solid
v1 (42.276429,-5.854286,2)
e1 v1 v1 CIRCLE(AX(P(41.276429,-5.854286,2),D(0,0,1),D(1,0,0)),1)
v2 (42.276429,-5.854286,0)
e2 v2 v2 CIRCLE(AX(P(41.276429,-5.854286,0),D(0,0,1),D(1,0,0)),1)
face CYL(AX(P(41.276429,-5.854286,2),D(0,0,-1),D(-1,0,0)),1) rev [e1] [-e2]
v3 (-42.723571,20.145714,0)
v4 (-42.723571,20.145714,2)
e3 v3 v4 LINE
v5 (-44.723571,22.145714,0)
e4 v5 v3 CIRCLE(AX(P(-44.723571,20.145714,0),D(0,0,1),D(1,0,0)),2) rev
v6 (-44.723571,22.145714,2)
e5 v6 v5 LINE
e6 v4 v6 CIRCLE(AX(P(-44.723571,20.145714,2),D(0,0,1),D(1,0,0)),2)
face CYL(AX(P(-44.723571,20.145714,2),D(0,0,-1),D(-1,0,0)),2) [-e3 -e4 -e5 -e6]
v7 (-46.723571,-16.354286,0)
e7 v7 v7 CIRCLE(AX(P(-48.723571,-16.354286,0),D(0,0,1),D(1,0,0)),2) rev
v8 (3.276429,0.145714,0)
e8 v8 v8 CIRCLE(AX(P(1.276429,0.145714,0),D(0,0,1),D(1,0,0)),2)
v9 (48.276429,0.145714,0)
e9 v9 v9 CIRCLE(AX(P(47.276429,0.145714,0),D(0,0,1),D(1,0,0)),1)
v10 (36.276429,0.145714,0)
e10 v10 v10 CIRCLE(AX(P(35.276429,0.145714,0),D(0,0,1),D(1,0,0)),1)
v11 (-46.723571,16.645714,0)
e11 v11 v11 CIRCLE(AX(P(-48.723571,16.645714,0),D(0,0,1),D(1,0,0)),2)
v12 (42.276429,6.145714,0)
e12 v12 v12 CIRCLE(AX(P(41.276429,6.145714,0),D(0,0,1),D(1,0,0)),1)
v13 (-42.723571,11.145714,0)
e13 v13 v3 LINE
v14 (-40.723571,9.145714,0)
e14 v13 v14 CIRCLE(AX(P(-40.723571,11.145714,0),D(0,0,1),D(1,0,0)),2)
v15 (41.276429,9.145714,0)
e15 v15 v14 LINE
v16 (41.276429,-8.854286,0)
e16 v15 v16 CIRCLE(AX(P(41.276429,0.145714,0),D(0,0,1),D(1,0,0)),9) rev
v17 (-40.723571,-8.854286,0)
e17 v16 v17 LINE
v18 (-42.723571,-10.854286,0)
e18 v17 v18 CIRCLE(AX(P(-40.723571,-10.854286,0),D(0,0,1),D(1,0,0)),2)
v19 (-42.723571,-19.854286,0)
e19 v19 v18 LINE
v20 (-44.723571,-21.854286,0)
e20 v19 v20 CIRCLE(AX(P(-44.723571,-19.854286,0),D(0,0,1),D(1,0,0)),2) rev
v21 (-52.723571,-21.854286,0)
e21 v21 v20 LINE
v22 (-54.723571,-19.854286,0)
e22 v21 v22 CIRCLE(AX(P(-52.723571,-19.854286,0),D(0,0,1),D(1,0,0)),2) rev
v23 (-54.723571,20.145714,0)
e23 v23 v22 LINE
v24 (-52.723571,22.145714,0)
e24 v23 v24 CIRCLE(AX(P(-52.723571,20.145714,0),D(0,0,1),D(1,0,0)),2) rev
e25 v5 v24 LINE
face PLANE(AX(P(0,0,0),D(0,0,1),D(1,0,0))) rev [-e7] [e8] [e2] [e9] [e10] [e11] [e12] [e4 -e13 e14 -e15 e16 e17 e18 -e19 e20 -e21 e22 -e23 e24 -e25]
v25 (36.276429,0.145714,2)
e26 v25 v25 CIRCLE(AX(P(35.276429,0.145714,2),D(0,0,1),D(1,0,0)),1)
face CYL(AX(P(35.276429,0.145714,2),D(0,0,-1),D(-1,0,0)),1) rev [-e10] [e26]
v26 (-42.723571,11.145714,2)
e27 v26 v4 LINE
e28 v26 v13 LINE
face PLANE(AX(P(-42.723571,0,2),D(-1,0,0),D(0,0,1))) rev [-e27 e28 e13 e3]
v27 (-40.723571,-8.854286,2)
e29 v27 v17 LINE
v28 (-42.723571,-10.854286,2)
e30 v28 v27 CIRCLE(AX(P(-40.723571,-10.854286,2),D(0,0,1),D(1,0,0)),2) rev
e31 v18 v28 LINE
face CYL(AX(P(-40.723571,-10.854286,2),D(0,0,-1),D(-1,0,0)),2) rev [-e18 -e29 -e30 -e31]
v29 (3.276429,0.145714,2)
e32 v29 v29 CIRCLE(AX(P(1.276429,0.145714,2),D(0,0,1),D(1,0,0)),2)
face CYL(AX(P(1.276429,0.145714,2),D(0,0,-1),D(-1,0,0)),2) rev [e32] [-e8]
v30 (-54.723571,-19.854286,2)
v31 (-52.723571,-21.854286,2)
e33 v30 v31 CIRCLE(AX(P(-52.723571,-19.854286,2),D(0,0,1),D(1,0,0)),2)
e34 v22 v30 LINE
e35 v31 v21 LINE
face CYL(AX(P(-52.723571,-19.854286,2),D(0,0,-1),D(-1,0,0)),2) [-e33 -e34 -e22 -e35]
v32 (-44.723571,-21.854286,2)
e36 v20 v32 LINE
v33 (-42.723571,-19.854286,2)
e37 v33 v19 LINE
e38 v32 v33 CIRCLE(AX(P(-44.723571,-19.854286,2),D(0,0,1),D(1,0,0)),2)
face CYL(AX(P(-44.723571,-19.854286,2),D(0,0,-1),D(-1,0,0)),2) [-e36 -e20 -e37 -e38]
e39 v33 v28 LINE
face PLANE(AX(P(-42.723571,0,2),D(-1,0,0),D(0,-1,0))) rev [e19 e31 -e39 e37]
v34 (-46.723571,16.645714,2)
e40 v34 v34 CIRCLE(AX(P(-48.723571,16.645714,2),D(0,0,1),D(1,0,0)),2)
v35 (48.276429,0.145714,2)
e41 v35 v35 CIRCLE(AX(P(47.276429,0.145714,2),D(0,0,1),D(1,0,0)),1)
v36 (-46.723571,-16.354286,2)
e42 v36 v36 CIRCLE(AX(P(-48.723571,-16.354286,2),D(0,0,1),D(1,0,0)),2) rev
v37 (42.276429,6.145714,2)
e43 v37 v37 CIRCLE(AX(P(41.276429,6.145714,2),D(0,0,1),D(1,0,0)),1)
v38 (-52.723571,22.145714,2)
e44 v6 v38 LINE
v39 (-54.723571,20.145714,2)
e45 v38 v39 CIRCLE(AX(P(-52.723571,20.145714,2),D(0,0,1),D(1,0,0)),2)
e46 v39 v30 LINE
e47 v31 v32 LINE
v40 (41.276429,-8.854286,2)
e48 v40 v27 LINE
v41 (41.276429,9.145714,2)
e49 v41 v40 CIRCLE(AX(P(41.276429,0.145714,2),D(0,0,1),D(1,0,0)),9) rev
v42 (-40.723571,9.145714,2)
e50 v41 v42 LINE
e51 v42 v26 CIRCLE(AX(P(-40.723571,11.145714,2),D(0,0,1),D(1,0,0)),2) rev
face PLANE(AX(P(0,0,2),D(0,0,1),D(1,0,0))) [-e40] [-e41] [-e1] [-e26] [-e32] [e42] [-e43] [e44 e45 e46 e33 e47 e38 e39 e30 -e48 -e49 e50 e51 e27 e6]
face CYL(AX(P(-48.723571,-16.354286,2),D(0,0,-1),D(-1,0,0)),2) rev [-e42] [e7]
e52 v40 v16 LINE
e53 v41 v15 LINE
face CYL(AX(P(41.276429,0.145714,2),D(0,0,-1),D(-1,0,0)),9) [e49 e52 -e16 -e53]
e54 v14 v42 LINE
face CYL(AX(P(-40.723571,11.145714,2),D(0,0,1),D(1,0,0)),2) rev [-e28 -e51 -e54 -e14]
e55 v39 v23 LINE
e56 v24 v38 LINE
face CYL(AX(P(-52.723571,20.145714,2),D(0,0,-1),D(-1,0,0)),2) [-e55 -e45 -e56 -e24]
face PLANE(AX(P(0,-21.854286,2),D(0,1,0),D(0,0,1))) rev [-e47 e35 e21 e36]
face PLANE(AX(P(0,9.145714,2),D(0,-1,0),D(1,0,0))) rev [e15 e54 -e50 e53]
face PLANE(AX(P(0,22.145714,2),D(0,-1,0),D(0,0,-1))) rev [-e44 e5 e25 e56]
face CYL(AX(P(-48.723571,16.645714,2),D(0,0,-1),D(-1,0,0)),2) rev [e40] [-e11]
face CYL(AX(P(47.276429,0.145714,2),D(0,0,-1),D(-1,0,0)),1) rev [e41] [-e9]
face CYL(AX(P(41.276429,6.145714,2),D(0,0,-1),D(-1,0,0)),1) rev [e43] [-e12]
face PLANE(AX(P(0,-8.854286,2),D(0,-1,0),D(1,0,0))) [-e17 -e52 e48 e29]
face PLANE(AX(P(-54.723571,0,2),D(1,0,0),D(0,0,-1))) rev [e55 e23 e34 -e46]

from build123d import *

# Parameters (mm, degrees)
SKETCH_1_R      = 2
SKETCH_1_R_2    = 1
EXTRUDE_1_DEPTH = 2
FILLET_1_R      = 2


with BuildPart() as part:
    # 草图1 → 凸台-拉伸1 (new body)
    with BuildSketch(Plane.XY):
        with BuildLine():
            Line((41.276428571, -8.854285714), (-42.723571429, -8.854285714))
            Line((-42.723571429, -8.854285714), (-42.723571429, -21.854285714))
            Line((-42.723571429, -21.854285714), (-54.723571429, -21.854285714))
            Line((-54.723571429, -21.854285714), (-54.723571429, 22.145714286))
            Line((-54.723571429, 22.145714286), (-42.723571429, 22.145714286))
            Line((-42.723571429, 22.145714286), (-42.723571429, 9.145714286))
            Line((-42.723571429, 9.145714286), (41.276428571, 9.145714286))
            ThreePointArc((41.276428571, 9.145714286), (50.276428571, 0.145714286), (41.276428571, -8.854285714))
        make_face()
        with Locations((1.276428571, 0.145714286)):
            Circle(SKETCH_1_R, mode=Mode.SUBTRACT)
        with Locations((-48.723571429, 16.645714286)):
            Circle(SKETCH_1_R, mode=Mode.SUBTRACT)
        with Locations((-48.723571429, -16.354285714)):
            Circle(SKETCH_1_R, mode=Mode.SUBTRACT)
        with Locations((41.276428571, 6.145714286)):
            Circle(SKETCH_1_R_2, mode=Mode.SUBTRACT)
        with Locations((47.276428571, 0.145714286)):
            Circle(SKETCH_1_R_2, mode=Mode.SUBTRACT)
        with Locations((41.276428571, -5.854285714)):
            Circle(SKETCH_1_R_2, mode=Mode.SUBTRACT)
        with Locations((35.276428571, 0.145714286)):
            Circle(SKETCH_1_R_2, mode=Mode.SUBTRACT)
    extrude(amount=EXTRUDE_1_DEPTH)

    # 圆角1
    fillet_1_edges = [part.edges().sort_by_distance(p)[0] for p in [
        (-42.723571429, -8.854285714, 1),
        (-42.723571429, -21.854285714, 1),
        (-54.723571429, -21.854285714, 1),
        (-54.723571429, 22.145714286, 1),
        (-42.723571429, 22.145714286, 1),
        (-42.723571429, 9.145714286, 1),
    ]]
    fillet(fillet_1_edges, radius=FILLET_1_R)


solid = part.part
